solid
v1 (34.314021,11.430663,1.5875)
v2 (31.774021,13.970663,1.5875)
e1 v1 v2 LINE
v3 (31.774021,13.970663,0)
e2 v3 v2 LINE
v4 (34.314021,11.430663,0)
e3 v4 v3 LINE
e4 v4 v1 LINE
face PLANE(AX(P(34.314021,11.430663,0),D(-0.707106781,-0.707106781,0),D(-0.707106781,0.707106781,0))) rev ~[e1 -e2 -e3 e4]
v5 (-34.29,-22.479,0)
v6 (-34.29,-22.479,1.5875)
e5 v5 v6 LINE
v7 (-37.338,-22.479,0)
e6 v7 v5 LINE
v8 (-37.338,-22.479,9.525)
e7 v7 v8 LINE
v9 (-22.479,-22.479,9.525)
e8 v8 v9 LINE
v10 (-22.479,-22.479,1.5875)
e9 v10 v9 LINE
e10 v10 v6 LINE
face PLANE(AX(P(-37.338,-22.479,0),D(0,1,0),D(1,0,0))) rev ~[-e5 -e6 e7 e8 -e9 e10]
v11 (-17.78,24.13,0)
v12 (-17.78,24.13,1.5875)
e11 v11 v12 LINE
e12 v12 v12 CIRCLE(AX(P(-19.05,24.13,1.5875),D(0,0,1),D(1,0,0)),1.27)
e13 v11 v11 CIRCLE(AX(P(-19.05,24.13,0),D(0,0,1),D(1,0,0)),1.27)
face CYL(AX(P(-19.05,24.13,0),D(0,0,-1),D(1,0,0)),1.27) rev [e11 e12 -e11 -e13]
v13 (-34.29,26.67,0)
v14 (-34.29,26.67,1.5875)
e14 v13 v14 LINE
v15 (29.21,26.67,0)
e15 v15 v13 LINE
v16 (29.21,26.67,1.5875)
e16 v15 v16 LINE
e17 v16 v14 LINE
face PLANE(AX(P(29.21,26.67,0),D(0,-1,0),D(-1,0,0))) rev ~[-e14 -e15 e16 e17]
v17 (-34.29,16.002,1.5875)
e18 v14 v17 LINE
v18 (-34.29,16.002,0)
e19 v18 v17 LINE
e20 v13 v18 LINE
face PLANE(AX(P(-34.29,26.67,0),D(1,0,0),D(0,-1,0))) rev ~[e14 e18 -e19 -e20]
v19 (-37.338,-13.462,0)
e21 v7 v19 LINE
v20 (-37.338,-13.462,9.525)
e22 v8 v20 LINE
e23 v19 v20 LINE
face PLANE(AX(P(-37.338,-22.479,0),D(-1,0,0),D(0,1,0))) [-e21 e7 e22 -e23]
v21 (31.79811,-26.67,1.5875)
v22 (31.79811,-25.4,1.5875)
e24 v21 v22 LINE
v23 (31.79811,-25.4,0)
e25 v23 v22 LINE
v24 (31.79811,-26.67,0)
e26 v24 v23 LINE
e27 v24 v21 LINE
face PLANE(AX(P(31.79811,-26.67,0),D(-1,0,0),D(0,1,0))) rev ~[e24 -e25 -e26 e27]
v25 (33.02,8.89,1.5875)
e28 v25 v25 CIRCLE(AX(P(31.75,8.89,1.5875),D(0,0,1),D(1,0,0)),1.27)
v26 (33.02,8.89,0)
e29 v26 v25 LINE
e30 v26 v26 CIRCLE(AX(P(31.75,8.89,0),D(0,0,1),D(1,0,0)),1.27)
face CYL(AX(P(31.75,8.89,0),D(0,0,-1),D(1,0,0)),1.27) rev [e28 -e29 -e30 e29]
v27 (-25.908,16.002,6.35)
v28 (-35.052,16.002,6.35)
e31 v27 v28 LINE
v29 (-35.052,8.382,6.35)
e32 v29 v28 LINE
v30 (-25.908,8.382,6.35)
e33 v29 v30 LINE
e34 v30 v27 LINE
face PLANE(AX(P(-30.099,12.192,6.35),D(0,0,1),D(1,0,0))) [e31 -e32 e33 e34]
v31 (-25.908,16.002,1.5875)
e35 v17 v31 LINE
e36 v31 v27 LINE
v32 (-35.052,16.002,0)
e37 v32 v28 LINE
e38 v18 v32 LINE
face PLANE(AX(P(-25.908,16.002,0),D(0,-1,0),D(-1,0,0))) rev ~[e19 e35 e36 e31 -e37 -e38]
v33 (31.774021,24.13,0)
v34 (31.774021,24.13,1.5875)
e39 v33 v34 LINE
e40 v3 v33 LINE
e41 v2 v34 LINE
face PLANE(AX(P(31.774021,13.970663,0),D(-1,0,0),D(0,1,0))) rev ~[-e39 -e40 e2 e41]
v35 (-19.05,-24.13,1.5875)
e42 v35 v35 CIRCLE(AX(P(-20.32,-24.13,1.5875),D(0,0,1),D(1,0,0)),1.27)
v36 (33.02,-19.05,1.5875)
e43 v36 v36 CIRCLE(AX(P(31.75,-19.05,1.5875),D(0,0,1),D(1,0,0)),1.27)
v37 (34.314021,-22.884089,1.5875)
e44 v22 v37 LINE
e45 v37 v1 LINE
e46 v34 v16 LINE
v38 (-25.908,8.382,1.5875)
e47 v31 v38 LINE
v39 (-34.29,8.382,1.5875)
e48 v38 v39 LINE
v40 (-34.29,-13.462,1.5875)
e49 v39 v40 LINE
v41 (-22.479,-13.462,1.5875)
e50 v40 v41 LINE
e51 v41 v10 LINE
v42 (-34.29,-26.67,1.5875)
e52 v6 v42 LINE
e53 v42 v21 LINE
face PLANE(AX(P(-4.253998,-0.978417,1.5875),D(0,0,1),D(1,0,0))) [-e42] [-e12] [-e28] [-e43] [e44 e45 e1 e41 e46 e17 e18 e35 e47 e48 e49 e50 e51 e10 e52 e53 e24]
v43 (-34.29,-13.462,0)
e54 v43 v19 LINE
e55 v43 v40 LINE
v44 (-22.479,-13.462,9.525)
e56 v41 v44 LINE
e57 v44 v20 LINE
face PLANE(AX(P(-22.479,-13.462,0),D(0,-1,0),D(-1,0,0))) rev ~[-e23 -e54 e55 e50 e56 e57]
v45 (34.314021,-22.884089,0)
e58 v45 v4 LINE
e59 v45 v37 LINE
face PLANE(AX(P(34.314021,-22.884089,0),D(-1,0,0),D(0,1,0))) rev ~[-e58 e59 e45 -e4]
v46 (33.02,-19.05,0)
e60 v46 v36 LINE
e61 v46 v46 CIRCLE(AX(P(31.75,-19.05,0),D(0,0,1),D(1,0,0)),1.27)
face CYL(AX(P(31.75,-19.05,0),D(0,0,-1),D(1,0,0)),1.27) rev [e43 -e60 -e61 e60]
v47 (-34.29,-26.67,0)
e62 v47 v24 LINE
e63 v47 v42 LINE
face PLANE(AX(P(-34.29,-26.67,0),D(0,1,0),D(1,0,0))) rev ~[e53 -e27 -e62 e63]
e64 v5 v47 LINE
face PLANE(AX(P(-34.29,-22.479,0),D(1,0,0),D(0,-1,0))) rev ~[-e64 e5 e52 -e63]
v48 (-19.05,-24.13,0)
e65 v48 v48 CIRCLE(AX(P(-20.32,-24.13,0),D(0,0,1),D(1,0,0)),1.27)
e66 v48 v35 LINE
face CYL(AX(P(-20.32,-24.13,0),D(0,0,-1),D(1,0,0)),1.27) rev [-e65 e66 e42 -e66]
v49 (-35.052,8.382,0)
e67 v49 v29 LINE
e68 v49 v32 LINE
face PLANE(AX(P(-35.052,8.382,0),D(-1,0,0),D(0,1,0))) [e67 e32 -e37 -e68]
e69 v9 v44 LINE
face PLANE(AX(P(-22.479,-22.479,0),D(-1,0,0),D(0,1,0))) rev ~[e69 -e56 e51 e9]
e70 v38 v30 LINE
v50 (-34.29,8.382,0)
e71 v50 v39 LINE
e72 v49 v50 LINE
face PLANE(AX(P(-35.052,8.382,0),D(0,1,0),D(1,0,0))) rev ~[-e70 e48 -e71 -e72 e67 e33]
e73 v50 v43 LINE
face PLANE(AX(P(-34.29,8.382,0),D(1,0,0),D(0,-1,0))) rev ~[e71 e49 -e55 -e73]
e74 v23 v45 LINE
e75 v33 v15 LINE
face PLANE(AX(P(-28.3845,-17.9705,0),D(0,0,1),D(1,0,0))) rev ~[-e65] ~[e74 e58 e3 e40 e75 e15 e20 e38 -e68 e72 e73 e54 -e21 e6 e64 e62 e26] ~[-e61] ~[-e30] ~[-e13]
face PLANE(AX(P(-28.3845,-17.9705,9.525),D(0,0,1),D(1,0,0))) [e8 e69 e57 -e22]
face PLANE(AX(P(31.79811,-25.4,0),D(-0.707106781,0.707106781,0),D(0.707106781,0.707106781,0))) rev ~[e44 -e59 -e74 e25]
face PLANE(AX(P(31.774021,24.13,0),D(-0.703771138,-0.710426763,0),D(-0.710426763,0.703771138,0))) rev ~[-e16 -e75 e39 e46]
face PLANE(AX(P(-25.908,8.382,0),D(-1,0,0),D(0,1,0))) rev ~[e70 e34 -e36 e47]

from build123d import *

# Parameters (mm, degrees)
F0_R     = 1.27
F1_DEPTH = 1.5875
F0_W     = 8.382
F0_H     = 7.62
F0_W_2   = 0.762
F2_DEPTH = 6.35
F0_W_3   = 11.811
F0_H_2   = 9.017
F0_W_4   = 3.048
F3_DEPTH = 9.525


with BuildPart() as f1:
    # F0 (on Top) → F1 (new body)
    with BuildSketch(Plane.XY):
        Polygon((-34.29, -26.67), (31.79811, -26.67), (31.79811, -25.4), (34.314021, -22.884089), (34.314021, 11.430663), (31.774021, 13.970663), (31.774021, 24.13), (29.21, 26.67), (-34.29, 26.67), (-34.29, 16.002), (-25.908, 16.002), (-25.908, 8.382), (-34.29, 8.382), (-34.29, -13.462), (-22.479, -13.462), (-22.479, -22.479), (-34.29, -22.479), align=None)
        with Locations((-20.32, -24.13)):
            Circle(F0_R, mode=Mode.SUBTRACT)
        with Locations((31.75, -19.05)):
            Circle(F0_R, mode=Mode.SUBTRACT)
        with Locations((-19.05, 24.13)):
            Circle(F0_R, mode=Mode.SUBTRACT)
        with Locations((31.75, 8.89)):
            Circle(F0_R, mode=Mode.SUBTRACT)
    extrude(amount=F1_DEPTH)

    # F0 (on Top) → F2 (join)
    with BuildSketch(Plane.XY):
        with Locations((-30.099, 12.192)):
            Rectangle(F0_W, F0_H)
        with Locations((-34.671, 12.192)):
            Rectangle(F0_W_2, F0_H)
    extrude(amount=F2_DEPTH)

    # F0 (on Top) → F3 (join)
    with BuildSketch(Plane.XY):
        with Locations((-28.3845, -17.9705)):
            Rectangle(F0_W_3, F0_H_2)
        with Locations((-35.814, -17.9705)):
            Rectangle(F0_W_4, F0_H_2)
    extrude(amount=F3_DEPTH)


solid = f1.part
